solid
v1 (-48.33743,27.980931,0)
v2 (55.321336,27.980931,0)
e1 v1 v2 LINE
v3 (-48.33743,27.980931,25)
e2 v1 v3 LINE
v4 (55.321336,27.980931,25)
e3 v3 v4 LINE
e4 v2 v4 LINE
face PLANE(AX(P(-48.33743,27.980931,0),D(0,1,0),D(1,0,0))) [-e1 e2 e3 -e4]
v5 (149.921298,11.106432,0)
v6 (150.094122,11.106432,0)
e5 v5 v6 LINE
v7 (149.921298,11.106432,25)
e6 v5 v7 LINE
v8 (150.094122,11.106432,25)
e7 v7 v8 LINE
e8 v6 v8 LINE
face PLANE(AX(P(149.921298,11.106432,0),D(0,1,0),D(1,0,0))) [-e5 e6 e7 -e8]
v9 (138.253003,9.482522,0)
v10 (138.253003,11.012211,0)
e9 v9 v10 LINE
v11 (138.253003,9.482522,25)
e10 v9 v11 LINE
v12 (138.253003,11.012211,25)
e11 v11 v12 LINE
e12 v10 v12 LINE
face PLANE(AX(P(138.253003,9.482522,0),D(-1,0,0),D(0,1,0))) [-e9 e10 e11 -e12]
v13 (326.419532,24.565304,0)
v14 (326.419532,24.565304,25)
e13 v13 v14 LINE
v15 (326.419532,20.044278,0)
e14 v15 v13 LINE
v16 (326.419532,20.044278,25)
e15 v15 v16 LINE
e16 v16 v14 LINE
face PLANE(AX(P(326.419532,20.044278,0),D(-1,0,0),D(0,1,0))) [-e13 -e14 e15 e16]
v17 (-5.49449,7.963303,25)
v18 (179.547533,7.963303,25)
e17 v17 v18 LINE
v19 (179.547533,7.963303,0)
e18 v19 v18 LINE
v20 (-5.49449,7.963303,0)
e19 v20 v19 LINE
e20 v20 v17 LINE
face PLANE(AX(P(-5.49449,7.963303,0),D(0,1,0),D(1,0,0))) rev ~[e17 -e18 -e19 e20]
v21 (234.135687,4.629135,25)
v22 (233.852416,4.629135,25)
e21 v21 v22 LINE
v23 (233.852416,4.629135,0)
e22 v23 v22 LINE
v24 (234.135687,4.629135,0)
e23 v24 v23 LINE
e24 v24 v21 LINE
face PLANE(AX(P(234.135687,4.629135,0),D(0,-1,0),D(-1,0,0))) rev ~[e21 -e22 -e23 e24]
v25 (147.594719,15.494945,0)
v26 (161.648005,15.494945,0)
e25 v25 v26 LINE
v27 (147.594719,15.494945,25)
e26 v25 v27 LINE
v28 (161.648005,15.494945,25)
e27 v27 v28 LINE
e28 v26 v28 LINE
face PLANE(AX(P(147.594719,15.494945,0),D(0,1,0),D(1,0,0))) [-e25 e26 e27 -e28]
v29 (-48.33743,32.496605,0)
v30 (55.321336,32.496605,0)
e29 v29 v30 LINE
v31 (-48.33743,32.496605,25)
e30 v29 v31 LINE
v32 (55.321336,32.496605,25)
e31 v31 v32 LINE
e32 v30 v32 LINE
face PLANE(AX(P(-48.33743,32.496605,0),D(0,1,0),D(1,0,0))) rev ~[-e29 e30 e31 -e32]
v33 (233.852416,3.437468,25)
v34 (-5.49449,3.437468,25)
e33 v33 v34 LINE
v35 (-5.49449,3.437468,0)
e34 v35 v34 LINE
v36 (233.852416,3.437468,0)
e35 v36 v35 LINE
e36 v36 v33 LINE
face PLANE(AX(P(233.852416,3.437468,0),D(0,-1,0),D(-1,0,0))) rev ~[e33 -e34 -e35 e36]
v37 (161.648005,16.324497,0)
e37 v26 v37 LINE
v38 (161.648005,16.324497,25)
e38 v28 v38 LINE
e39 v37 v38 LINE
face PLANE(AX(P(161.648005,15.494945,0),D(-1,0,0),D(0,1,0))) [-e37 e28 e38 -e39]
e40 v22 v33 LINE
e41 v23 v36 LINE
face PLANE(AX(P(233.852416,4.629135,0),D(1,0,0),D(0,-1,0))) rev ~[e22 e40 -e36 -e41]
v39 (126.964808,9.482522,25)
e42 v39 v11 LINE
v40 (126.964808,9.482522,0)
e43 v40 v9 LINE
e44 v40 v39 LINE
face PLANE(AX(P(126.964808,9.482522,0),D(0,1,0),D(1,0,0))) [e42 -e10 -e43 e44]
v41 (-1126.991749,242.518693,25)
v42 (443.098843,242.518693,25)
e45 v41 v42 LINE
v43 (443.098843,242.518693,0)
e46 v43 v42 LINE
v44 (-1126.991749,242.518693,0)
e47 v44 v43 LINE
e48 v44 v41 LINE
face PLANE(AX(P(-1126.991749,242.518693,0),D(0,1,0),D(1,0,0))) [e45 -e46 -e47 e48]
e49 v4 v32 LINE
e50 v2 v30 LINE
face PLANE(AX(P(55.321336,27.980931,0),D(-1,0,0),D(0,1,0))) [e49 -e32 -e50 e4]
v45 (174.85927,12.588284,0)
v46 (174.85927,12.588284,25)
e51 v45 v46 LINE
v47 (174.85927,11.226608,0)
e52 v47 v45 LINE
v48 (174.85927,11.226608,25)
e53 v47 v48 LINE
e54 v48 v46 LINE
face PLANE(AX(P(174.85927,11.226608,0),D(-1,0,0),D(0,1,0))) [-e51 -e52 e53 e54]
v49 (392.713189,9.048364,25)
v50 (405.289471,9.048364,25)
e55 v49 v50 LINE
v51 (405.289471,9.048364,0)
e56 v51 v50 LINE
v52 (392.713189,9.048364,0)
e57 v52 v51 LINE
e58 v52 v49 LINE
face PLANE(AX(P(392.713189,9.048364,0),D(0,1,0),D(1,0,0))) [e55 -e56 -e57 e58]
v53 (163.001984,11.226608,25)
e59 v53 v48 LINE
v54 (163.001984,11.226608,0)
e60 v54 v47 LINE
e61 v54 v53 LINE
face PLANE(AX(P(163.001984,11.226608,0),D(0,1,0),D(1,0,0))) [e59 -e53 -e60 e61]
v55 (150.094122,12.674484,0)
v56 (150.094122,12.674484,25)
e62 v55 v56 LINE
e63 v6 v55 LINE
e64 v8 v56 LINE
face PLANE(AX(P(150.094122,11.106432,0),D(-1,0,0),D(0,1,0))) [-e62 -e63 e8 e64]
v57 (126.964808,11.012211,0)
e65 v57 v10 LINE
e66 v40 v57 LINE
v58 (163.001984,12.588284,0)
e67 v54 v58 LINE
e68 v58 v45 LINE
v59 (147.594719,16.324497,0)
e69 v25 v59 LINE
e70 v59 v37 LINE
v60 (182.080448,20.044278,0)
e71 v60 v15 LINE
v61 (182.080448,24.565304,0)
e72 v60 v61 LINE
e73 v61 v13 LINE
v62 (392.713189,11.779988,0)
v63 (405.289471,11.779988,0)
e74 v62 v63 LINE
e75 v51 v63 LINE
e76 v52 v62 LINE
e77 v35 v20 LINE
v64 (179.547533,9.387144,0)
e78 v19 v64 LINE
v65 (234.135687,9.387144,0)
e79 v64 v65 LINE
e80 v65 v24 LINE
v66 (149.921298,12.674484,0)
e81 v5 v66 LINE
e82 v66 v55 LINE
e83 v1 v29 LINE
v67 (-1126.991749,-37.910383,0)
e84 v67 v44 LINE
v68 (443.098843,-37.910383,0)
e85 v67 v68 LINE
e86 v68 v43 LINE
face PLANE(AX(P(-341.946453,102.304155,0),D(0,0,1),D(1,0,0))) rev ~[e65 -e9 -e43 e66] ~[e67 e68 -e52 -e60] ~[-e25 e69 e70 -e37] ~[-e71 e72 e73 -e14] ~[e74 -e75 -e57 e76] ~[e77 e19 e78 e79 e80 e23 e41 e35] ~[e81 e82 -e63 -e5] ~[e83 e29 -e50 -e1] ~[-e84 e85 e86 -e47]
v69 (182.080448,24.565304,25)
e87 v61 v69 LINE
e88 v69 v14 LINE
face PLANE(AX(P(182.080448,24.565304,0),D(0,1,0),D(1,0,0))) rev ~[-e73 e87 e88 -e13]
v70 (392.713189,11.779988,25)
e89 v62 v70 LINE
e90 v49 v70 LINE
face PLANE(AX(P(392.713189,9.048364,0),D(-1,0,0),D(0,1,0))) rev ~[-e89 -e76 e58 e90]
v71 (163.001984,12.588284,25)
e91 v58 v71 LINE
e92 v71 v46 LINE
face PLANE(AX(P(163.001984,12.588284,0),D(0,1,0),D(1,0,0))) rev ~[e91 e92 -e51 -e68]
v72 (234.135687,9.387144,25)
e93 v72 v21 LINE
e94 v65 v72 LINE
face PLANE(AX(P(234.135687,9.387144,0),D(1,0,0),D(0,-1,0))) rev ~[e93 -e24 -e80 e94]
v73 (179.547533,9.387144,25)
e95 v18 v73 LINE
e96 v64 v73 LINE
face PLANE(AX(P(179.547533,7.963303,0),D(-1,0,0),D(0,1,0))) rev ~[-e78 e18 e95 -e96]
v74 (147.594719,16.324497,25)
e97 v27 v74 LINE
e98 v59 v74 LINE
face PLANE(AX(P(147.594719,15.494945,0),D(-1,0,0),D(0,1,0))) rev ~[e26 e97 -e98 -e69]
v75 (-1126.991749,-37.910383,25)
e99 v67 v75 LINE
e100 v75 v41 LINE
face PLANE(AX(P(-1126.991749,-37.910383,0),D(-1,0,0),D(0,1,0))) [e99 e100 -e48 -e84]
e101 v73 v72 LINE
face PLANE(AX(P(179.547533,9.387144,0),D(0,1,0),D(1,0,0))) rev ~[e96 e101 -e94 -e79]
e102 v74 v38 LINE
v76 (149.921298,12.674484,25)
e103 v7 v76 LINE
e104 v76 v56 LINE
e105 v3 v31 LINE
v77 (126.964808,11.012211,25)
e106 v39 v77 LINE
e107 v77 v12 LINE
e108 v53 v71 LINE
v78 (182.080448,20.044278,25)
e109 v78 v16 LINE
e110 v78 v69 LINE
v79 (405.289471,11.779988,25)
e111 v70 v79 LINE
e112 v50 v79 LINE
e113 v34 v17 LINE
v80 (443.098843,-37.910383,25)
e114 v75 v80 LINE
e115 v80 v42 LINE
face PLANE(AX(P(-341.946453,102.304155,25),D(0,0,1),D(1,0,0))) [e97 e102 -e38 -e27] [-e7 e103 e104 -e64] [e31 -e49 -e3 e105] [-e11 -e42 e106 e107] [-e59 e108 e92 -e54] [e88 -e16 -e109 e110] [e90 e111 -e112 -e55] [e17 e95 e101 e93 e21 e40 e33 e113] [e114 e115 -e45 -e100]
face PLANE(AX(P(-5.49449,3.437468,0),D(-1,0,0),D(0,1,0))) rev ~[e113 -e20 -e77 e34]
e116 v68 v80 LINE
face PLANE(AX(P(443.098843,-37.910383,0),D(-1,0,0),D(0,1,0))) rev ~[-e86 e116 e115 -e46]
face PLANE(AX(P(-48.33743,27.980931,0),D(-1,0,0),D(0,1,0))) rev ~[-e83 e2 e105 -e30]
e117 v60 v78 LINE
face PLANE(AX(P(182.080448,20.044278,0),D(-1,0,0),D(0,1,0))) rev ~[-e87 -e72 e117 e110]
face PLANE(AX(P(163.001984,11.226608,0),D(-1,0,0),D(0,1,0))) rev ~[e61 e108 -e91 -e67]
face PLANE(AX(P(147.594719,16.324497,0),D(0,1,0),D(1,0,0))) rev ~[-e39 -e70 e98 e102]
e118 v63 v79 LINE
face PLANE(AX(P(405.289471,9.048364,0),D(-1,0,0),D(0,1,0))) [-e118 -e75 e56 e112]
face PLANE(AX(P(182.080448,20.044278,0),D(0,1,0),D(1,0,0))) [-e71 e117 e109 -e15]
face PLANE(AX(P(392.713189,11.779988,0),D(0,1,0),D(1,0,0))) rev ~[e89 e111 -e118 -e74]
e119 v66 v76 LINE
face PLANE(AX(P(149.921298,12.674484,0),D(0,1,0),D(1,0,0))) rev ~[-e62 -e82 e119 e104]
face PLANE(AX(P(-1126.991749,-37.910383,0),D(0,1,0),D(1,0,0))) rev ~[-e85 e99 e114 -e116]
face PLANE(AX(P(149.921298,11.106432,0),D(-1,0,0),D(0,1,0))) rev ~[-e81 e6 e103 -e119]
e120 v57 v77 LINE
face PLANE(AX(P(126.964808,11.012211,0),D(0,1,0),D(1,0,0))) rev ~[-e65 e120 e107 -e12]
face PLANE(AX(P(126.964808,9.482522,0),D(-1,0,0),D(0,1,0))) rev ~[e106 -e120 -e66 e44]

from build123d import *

# Parameters (mm, degrees)
F0_W     = 1570.090592
F0_H     = 280.429076
F0_W_2   = 103.658766
F0_H_2   = 4.515674
F0_W_3   = 11.288195
F0_H_3   = 1.529689
F0_W_4   = 0.172824
F0_H_4   = 1.568052
F0_W_5   = 11.857286
F0_H_5   = 1.361676
F0_W_6   = 14.053285
F0_H_6   = 0.829553
F0_W_7   = 12.576282
F0_H_7   = 2.731625
F0_W_8   = 144.339084
F0_H_8   = 4.521026
F1_DEPTH = 25


with BuildPart() as f1:
    # F0 (on Top) → F1 (new body)
    with BuildSketch(Plane.XY):
        with Locations((-341.946453, 102.304155)):
            Rectangle(F0_W, F0_H)
        with Locations((3.491953, 30.238768)):
            Rectangle(F0_W_2, F0_H_2, mode=Mode.SUBTRACT)
        Polygon((114.178963, 3.437468), (-5.49449, 3.437468), (-5.49449, 7.963303), (114.178963, 7.963303), (167.111993, 7.963303), (179.547533, 7.963303), (179.547533, 9.387144), (234.135687, 9.387144), (234.135687, 4.629135), (233.852416, 4.629135), (233.852416, 3.437468), (167.111993, 3.437468), align=None, mode=Mode.SUBTRACT)
        with Locations((132.608905, 10.247366)):
            Rectangle(F0_W_3, F0_H_3, mode=Mode.SUBTRACT)
        with Locations((150.00771, 11.890458)):
            Rectangle(F0_W_4, F0_H_4, mode=Mode.SUBTRACT)
        with Locations((168.930627, 11.907446)):
            Rectangle(F0_W_5, F0_H_5, mode=Mode.SUBTRACT)
        with Locations((154.621362, 15.909721)):
            Rectangle(F0_W_6, F0_H_6, mode=Mode.SUBTRACT)
        with Locations((399.00133, 10.414176)):
            Rectangle(F0_W_7, F0_H_7, mode=Mode.SUBTRACT)
        with Locations((254.24999, 22.304791)):
            Rectangle(F0_W_8, F0_H_8, mode=Mode.SUBTRACT)
    extrude(amount=F1_DEPTH)


solid = f1.part
